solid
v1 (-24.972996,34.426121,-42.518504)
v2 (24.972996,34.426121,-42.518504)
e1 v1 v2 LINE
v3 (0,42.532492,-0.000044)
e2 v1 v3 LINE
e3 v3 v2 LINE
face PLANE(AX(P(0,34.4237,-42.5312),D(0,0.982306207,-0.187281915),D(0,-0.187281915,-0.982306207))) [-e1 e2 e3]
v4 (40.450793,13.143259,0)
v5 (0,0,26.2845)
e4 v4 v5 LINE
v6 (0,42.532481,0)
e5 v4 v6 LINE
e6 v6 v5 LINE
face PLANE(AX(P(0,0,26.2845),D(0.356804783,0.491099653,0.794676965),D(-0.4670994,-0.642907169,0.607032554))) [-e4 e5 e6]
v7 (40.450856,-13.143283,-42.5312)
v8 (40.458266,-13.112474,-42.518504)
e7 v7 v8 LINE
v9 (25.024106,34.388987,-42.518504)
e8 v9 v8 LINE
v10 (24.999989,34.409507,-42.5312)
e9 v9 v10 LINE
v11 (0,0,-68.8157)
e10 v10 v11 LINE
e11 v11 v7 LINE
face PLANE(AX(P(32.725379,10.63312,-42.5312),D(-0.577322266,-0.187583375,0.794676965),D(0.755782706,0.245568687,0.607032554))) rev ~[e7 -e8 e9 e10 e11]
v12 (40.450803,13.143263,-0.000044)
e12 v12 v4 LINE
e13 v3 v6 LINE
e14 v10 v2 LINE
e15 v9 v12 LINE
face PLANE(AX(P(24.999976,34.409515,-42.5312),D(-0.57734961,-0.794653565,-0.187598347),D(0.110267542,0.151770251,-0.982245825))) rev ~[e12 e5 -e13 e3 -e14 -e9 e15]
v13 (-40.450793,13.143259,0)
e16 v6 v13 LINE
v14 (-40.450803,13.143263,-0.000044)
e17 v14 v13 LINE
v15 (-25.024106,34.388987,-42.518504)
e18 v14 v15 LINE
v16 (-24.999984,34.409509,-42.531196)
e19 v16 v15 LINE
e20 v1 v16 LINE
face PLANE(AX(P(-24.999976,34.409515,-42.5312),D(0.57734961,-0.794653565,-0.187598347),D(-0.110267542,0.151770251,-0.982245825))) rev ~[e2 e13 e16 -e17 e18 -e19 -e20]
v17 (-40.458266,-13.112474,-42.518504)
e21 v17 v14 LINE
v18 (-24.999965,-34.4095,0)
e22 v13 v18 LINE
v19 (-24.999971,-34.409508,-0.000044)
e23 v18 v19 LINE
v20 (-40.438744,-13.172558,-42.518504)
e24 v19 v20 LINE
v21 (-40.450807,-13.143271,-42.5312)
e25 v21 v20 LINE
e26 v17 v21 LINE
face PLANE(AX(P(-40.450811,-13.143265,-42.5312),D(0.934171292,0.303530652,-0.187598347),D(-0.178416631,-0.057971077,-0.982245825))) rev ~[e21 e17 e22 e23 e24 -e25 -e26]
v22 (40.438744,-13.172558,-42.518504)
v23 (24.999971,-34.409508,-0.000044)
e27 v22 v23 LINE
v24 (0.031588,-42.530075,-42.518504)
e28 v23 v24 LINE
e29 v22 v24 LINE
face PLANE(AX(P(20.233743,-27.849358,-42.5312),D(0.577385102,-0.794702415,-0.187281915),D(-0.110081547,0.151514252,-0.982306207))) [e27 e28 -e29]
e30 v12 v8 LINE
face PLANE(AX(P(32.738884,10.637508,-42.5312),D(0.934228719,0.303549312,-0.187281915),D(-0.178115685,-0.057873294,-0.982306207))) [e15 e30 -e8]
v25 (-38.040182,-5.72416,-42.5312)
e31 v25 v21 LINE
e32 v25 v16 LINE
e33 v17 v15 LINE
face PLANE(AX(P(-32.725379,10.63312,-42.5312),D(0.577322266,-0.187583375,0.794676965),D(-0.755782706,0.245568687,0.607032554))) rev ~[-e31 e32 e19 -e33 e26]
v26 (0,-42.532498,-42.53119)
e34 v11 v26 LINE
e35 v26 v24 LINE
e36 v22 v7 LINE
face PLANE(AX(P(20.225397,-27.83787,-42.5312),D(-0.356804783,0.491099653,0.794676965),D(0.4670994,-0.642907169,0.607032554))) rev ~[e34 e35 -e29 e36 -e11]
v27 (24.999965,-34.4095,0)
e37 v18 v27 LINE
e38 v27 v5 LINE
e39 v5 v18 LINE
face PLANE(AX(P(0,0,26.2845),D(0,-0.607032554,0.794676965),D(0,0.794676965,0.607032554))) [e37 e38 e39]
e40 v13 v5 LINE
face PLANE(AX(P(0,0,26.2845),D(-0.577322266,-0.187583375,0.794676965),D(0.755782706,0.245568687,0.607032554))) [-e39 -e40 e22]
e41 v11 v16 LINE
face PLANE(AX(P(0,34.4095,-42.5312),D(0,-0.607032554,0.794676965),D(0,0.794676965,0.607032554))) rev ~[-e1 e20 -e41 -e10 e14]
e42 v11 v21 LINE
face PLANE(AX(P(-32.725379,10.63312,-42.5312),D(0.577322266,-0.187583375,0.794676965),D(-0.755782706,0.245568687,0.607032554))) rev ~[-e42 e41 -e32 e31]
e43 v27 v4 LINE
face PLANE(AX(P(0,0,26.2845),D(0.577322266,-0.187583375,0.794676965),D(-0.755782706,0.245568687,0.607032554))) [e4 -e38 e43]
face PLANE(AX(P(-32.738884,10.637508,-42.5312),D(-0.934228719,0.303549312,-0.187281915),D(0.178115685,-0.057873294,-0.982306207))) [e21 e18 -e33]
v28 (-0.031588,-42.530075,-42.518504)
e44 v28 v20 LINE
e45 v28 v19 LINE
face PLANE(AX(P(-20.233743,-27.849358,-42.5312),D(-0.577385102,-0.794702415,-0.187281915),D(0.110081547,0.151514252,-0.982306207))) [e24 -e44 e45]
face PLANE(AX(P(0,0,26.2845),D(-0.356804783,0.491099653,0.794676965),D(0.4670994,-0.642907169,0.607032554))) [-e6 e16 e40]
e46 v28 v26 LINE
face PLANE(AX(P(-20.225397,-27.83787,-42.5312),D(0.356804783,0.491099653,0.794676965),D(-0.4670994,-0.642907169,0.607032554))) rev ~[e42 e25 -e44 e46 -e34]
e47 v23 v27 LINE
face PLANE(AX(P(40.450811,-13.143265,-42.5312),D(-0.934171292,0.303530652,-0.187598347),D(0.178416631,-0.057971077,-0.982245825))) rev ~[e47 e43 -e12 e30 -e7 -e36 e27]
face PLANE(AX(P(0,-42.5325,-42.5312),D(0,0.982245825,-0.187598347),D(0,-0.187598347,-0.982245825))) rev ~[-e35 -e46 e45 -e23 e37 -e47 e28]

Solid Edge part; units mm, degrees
sketch "Sketch1" plane through (0, 0, 0) normal (0, 0, 1) x (1, 0, 0)
  circle A0 centre (0, 0) radius 42.5325
extrude "Protrusion1" add sketch "Sketch1" along normal blind 111.0642
sketch "Sketch2" plane through (0, 0, 0) normal (1, 0, 0) x (0, 1, 0)
  line L0 (-34.4095, 0) -> (0, 26.2845)
extrude "ExtrudedCutout_6" cut sketch "Sketch2" along normal mid plane 236.5553 material side at (0, -17.2351, 13.182)
pattern_circular "Pattern1" count 5 over 360 about axis through (0, 0, 0) along (0, 0, 1) of "ExtrudedCutout_6"
sketch "Sketch3" plane through (0, 0, 0) normal (0, 0, 1) x (1, 0, 0)
  circle A0 centre (0, 0) radius 42.5325
extrude "ExtrudedProtrusion_3" add sketch "Sketch3" against normal blind 146.9962
sketch "Sketch4" plane through (0, 0, 0) normal (1, 0, 0) x (0, 1, 0)
  line L0 (-34.4095, 0) -> (-42.5325, -42.5312)
extrude "ExtrudedCutout_11" cut sketch "Sketch4" along normal mid plane 186.9173 material side at (0, -38.5201, -21.2562)
pattern_circular "Pattern2" count 5 over 360 about axis through (0, 0, 0) along (0, 0, 1) of "ExtrudedCutout_11"
sketch "Sketch5" plane through (0, 0, -146.9962) normal (0, 0, -1) x (0, 1, 0)
  circle A0 centre (0, 0) radius 42.5325
extrude "Cutout9" cut sketch "Sketch5" along normal mid plane 208.93
sketch "Sketch6" plane through (0, 0, 0) normal (1, 0, 0) x (0, 1, 0)
  line L0 (34.4237, -42.5312) -> (42.5325, 0)
extrude "ExtrudedCutout_19" cut sketch "Sketch6" along normal mid plane 152.0733 material side at (0, 38.5272, -21.275)
pattern_circular "Pattern3" count 5 over 360 about axis through (0, 0, -42.5312) along (0, 0, -1) of "ExtrudedCutout_19"
sketch "Sketch7" plane through (0, -4.0567, -42.5312) normal (0, 0, -1) x (1, 0, 0)
  line L0 (-25, -38.4662) -> (25, -38.4662)
  line L1 (25, -38.4662) -> (40.4509, 9.0866)
  line L2 (40.4509, 9.0866) -> (0, 38.4758)
  line L3 (0, 38.4758) -> (-40.4508, 9.0866)
  line L4 (-40.4508, 9.0866) -> (-25, -38.4662)
extrude "ExtrudedProtrusion_5" add sketch "Sketch7" along normal blind 53.0273
sketch "Sketch8" plane through (0, 0, 0) normal (1, 0, 0) x (0, 1, 0)
  line L0 (34.4095, -42.5312) -> (0, -68.8157)
extrude "ExtrudedCutout_29" cut sketch "Sketch8" along normal mid plane 468.9384 material side at (0, 17.2351, -55.7132)
pattern_circular "Pattern4" count 5 over 360 about axis through (0, 0, 0) along (0, 0, 1) of "ExtrudedCutout_29"
